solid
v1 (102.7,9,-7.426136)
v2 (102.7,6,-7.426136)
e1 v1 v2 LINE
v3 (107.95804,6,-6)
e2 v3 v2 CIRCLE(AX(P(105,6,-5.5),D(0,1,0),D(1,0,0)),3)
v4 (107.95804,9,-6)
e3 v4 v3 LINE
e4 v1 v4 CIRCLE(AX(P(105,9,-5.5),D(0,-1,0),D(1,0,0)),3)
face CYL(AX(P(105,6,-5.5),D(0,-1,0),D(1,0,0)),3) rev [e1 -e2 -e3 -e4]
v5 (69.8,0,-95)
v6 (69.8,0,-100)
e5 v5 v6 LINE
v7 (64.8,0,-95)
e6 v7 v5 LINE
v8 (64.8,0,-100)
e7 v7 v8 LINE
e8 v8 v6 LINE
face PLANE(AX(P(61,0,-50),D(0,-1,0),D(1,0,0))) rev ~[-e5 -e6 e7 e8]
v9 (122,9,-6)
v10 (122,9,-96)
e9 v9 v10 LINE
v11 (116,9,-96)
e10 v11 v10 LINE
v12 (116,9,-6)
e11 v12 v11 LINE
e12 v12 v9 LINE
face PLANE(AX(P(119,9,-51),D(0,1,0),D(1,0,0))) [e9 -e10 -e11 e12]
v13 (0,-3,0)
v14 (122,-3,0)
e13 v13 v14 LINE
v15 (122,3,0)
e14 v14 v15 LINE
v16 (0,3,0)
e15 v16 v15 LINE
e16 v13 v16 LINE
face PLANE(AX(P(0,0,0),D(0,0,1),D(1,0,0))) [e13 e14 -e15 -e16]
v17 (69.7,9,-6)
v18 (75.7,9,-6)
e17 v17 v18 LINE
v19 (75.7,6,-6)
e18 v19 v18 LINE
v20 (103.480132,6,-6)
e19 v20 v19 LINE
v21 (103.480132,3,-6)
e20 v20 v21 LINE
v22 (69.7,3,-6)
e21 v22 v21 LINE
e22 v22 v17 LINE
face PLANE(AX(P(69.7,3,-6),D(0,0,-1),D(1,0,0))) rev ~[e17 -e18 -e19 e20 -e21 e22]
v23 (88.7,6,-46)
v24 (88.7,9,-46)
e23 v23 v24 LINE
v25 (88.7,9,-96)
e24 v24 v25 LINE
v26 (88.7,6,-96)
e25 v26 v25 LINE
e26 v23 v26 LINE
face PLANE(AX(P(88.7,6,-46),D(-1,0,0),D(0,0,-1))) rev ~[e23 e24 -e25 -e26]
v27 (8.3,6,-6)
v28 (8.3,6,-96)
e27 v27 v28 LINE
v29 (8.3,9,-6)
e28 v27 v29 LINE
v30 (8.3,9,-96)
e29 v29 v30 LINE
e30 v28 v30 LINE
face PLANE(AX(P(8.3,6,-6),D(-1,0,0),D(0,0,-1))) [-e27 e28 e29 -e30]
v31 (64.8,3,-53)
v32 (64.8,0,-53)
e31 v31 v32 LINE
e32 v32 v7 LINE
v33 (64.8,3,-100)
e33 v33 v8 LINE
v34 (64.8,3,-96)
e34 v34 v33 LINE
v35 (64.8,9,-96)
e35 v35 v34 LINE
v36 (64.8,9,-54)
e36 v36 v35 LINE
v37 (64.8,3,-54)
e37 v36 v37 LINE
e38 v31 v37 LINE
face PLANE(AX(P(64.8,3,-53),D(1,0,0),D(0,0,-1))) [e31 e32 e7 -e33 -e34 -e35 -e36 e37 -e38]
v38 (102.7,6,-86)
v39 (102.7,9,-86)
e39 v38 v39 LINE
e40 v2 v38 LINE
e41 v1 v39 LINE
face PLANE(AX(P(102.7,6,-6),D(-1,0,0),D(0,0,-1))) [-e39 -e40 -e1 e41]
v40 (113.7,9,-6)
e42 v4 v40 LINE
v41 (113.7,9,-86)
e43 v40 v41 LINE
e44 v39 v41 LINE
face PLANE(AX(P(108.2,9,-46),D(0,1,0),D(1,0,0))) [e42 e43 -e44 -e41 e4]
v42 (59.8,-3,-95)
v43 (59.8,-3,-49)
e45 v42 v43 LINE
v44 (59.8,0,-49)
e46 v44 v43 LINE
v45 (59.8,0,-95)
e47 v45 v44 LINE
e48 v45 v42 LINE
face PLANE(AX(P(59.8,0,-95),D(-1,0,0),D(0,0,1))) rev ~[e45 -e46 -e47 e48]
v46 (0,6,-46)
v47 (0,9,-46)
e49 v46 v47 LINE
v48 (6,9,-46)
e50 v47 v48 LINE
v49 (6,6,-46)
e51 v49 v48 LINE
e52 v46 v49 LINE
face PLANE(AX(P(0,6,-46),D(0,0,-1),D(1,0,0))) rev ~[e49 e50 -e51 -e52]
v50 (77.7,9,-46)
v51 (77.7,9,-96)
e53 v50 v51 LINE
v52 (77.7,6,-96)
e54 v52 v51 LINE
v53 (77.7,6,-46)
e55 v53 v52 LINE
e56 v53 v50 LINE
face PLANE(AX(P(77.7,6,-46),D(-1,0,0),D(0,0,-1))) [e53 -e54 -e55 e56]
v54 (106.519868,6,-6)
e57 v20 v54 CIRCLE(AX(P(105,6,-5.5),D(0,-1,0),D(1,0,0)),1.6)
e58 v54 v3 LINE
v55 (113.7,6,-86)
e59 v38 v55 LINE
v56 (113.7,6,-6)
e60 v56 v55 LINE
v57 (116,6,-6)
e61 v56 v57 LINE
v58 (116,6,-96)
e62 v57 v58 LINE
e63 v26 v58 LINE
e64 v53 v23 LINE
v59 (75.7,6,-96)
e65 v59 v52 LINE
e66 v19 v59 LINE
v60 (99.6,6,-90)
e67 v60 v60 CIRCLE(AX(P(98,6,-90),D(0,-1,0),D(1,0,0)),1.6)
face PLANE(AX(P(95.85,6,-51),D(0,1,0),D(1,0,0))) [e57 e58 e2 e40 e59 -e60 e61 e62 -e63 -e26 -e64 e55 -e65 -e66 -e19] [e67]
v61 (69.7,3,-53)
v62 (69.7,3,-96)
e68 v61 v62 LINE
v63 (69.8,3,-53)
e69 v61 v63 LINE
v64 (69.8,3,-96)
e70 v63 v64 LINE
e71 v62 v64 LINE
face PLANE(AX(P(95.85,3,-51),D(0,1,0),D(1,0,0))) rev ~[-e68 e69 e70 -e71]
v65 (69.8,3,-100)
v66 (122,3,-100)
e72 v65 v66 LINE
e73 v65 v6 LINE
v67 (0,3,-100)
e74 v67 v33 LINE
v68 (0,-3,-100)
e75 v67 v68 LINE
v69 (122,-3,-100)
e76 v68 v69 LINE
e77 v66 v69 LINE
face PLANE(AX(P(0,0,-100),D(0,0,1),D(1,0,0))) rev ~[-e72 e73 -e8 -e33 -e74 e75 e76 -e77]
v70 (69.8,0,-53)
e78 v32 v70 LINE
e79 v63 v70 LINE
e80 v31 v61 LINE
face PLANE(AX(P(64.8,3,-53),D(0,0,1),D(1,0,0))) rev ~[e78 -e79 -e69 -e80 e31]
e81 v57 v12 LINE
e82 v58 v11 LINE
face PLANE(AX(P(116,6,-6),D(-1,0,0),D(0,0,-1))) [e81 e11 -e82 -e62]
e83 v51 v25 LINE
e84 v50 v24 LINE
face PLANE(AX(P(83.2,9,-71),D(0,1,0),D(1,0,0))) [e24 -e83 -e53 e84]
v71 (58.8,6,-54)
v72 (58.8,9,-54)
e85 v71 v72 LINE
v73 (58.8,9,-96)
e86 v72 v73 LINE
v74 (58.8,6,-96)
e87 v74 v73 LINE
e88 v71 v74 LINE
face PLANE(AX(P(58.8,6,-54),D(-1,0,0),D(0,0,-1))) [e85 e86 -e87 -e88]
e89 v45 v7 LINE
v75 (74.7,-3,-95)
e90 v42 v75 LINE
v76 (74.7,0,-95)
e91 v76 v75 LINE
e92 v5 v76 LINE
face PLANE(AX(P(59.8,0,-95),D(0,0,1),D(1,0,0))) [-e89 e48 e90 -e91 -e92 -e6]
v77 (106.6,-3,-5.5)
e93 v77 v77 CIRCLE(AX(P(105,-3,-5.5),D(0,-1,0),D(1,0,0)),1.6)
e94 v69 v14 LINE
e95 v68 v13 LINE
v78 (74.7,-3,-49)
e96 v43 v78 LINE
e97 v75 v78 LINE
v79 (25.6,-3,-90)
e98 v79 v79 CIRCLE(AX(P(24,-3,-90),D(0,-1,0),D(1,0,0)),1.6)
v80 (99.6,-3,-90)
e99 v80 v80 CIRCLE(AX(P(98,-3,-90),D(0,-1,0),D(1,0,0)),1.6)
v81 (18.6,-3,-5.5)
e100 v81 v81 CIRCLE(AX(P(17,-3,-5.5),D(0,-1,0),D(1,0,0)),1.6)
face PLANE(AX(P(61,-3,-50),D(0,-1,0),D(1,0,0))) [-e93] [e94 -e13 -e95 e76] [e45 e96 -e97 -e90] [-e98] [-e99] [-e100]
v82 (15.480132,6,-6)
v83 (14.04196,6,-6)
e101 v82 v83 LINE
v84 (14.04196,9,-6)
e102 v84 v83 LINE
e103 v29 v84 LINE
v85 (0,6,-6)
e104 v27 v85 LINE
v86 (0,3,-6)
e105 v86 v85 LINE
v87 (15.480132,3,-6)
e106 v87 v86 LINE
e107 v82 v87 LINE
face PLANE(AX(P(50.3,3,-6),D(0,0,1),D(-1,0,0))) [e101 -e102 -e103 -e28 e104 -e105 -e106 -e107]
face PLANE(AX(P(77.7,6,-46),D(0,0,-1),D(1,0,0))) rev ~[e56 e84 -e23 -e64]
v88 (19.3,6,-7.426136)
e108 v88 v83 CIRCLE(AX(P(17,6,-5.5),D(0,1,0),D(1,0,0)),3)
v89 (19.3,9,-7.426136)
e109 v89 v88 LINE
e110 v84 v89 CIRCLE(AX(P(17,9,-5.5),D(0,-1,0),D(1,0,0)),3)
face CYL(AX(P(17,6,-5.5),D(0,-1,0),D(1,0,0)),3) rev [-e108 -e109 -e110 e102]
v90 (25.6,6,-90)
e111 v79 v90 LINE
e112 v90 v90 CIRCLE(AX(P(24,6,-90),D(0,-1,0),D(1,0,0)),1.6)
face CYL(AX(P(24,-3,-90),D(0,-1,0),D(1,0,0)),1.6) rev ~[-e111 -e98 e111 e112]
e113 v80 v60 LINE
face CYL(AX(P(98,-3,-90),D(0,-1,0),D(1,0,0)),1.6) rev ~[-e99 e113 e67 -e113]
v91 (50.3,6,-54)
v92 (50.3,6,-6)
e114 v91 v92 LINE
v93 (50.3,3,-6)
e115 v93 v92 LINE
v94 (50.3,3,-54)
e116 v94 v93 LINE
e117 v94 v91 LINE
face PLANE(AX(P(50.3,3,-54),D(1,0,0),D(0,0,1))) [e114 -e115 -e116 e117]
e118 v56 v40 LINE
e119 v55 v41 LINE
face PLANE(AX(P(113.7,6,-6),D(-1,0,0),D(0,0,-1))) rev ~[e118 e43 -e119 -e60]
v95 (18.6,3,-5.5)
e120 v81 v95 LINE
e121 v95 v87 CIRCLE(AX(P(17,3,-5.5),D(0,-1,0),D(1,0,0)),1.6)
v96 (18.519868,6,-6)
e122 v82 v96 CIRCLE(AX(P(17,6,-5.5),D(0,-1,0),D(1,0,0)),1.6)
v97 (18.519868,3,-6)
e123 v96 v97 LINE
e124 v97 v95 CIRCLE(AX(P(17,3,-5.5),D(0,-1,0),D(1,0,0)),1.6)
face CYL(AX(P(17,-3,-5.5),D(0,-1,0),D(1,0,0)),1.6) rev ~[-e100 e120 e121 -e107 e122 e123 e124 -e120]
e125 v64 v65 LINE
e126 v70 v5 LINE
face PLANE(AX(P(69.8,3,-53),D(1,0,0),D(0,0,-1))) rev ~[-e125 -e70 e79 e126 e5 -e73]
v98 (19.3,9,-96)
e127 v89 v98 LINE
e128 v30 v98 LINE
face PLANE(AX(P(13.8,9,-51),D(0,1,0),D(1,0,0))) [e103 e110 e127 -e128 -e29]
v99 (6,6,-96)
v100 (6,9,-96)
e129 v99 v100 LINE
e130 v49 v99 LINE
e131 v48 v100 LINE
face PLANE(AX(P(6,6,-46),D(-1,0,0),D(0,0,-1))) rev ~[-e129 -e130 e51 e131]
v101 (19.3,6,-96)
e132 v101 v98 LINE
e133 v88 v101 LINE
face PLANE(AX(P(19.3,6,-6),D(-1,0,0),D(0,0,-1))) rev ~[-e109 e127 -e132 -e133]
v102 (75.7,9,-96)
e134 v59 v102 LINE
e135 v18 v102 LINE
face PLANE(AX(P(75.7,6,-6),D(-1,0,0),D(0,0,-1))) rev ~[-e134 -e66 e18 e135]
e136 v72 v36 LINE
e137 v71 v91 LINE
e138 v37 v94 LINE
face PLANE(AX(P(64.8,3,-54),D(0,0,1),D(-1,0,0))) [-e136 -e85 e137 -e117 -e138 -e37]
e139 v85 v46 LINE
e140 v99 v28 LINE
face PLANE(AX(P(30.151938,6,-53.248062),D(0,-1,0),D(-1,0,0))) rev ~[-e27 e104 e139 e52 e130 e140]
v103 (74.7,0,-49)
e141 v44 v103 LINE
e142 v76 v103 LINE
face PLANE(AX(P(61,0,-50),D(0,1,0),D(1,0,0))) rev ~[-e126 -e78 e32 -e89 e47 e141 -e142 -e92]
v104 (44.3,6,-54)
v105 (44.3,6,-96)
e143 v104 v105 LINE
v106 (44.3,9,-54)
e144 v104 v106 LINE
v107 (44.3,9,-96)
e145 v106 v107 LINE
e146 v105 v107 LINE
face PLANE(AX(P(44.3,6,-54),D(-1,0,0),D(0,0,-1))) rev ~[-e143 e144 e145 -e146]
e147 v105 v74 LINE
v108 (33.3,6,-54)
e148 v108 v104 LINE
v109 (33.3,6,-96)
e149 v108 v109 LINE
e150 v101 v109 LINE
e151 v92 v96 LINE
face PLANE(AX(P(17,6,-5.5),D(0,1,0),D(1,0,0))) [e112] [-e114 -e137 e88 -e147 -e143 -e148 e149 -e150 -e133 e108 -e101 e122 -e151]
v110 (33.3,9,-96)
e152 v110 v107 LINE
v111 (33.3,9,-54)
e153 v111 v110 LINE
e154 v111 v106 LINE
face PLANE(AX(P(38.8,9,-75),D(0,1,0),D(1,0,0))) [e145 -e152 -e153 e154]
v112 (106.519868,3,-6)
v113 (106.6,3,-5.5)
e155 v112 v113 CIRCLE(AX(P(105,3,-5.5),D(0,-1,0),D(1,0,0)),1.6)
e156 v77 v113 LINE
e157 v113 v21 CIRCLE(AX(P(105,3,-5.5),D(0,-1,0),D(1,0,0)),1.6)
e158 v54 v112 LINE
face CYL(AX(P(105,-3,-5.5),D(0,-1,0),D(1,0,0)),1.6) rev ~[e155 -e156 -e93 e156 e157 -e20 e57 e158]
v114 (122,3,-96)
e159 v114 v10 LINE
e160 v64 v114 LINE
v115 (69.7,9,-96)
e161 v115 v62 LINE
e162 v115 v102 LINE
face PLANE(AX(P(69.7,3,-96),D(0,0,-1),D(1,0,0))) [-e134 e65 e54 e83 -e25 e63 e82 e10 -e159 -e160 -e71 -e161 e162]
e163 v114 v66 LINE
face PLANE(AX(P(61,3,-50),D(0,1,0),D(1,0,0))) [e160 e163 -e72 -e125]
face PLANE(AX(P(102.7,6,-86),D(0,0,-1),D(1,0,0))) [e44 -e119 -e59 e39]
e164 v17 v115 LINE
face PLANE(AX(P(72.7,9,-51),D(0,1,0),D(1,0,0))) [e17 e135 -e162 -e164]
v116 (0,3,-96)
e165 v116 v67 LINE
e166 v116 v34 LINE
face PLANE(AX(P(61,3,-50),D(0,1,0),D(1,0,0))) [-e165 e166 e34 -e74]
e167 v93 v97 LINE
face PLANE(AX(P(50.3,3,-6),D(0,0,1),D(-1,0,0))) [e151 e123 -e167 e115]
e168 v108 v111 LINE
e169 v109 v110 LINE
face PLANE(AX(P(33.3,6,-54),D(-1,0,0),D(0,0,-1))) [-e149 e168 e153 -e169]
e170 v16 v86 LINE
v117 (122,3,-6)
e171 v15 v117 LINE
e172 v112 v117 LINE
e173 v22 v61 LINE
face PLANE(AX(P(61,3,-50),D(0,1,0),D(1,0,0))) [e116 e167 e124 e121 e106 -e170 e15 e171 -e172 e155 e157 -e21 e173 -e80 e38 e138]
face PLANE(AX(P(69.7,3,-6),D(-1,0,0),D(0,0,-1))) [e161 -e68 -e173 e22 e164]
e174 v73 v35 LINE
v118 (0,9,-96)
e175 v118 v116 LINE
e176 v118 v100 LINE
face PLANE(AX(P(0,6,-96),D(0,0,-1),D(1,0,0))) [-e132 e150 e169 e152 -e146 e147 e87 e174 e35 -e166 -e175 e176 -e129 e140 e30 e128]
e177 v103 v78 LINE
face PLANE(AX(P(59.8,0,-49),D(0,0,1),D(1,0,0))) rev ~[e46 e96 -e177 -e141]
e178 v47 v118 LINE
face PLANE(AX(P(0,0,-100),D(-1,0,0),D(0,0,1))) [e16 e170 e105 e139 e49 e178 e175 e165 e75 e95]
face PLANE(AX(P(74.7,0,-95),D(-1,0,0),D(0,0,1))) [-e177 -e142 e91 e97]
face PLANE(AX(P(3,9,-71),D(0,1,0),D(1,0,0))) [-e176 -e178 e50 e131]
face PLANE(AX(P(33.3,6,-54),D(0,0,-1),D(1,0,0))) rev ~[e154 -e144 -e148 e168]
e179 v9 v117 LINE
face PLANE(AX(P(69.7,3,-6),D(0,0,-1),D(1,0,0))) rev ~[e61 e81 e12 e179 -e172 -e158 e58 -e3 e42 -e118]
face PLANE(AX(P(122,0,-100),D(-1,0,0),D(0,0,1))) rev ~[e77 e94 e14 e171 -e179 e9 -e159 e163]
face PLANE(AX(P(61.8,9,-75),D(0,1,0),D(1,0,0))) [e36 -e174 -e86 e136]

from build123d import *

# Parameters (mm, degrees)
SKETCH1_W           = 122
SKETCH1_H           = 100
BOSS_EXTRUDE1_DEPTH = 3
SKETCH2_W           = 5
SKETCH2_H           = 47
CUT_EXTRUDE1_DEPTH  = 4
SKETCH3_W           = 52.3
SKETCH3_H           = 90
BOSS_EXTRUDE2_DEPTH = 3
SKETCH4_W           = 6
SKETCH4_H           = 50
SKETCH4_W_2         = 11
SKETCH4_H_2         = 90
SKETCH4_H_3         = 42
SKETCH4_H_4         = 80
BOSS_EXTRUDE3_DEPTH = 3
SKETCH7_W           = 122
SKETCH7_H           = 100
SKETCH7_W_2         = 14.9
SKETCH7_H_2         = 46
BOSS_EXTRUDE5_DEPTH = 3
SKETCH8_R           = 1.6
CUT_EXTRUDE2_DEPTH  = 13
CUT_EXTRUDE3_START  = 3
SKETCH9_R           = 3
CUT_EXTRUDE3_DEPTH  = 4


with BuildPart() as part:
    # Sketch1 → Boss-Extrude1 (new body)
    with BuildSketch(Plane(origin=(0, 0, 0), x_dir=(1, 0, 0), z_dir=(0, 1, 0))):
        with Locations((61, 50)):
            Rectangle(SKETCH1_W, SKETCH1_H)
    extrude(amount=BOSS_EXTRUDE1_DEPTH)

    # Sketch2 → Cut-Extrude1 (cut, through all)
    with BuildSketch(Plane(origin=(0, 3, 0), x_dir=(1, 0, 0), z_dir=(0, 1, 0))):
        with Locations((67.3, 76.5)):
            Rectangle(SKETCH2_W, SKETCH2_H)
    extrude(amount=-CUT_EXTRUDE1_DEPTH, mode=Mode.SUBTRACT)

    # Sketch3 → Boss-Extrude2 (add)
    with BuildSketch(Plane(origin=(0, 3, 0), x_dir=(1, 0, 0), z_dir=(0, 1, 0))):
        Polygon((0, 96), (64.8, 96), (64.8, 54), (50.3, 54), (50.3, 6), (0, 6), align=None)
        with Locations((95.85, 51)):
            Rectangle(SKETCH3_W, SKETCH3_H)
    extrude(amount=BOSS_EXTRUDE2_DEPTH)

    # Sketch4 → Boss-Extrude3 (add)
    with BuildSketch(Plane(origin=(0, 6, 0), x_dir=(1, 0, 0), z_dir=(0, 1, 0))):
        with Locations((3, 71)):
            Rectangle(SKETCH4_W, SKETCH4_H)
        with Locations((13.8, 51)):
            Rectangle(SKETCH4_W_2, SKETCH4_H_2)
        with Locations((38.8, 75)):
            Rectangle(SKETCH4_W_2, SKETCH4_H_3)
        with Locations((61.8, 75)):
            Rectangle(SKETCH4_W, SKETCH4_H_3)
        with Locations((83.2, 71)):
            Rectangle(SKETCH4_W_2, SKETCH4_H)
        with Locations((108.2, 46)):
            Rectangle(SKETCH4_W_2, SKETCH4_H_4)
        with Locations((119, 51)):
            Rectangle(SKETCH4_W, SKETCH4_H_2)
        with Locations((72.7, 51)):
            Rectangle(SKETCH4_W, SKETCH4_H_2)
    extrude(amount=BOSS_EXTRUDE3_DEPTH)

    # Sketch7 → Boss-Extrude5 (add)
    with BuildSketch(Plane.XZ):
        with Locations((61, -50)):
            Rectangle(SKETCH7_W, SKETCH7_H)
        with Locations((67.25, -72)):
            Rectangle(SKETCH7_W_2, SKETCH7_H_2, mode=Mode.SUBTRACT)
    extrude(amount=BOSS_EXTRUDE5_DEPTH)

    # Sketch8 → Cut-Extrude2 (cut, through all)
    with BuildSketch(Plane.XZ.offset(3)):
        with Locations((105, -5.5)):
            Circle(SKETCH8_R)
        with Locations((17, -5.5)):
            Circle(SKETCH8_R)
        with Locations((24, -90)):
            Circle(SKETCH8_R)
        with Locations((98, -90)):
            Circle(SKETCH8_R)
    extrude(amount=-CUT_EXTRUDE2_DEPTH, mode=Mode.SUBTRACT)

    # Sketch9 → Cut-Extrude3 (cut, through all)
    with BuildSketch(Plane(origin=(0, 3, 0), x_dir=(1, 0, 0), z_dir=(0, 1, 0)).offset(CUT_EXTRUDE3_START)):
        with Locations((17, 5.5)):
            Circle(SKETCH9_R)
        with Locations((105, 5.5)):
            Circle(SKETCH9_R)
    extrude(amount=CUT_EXTRUDE3_DEPTH, mode=Mode.SUBTRACT)


solid = part.part
